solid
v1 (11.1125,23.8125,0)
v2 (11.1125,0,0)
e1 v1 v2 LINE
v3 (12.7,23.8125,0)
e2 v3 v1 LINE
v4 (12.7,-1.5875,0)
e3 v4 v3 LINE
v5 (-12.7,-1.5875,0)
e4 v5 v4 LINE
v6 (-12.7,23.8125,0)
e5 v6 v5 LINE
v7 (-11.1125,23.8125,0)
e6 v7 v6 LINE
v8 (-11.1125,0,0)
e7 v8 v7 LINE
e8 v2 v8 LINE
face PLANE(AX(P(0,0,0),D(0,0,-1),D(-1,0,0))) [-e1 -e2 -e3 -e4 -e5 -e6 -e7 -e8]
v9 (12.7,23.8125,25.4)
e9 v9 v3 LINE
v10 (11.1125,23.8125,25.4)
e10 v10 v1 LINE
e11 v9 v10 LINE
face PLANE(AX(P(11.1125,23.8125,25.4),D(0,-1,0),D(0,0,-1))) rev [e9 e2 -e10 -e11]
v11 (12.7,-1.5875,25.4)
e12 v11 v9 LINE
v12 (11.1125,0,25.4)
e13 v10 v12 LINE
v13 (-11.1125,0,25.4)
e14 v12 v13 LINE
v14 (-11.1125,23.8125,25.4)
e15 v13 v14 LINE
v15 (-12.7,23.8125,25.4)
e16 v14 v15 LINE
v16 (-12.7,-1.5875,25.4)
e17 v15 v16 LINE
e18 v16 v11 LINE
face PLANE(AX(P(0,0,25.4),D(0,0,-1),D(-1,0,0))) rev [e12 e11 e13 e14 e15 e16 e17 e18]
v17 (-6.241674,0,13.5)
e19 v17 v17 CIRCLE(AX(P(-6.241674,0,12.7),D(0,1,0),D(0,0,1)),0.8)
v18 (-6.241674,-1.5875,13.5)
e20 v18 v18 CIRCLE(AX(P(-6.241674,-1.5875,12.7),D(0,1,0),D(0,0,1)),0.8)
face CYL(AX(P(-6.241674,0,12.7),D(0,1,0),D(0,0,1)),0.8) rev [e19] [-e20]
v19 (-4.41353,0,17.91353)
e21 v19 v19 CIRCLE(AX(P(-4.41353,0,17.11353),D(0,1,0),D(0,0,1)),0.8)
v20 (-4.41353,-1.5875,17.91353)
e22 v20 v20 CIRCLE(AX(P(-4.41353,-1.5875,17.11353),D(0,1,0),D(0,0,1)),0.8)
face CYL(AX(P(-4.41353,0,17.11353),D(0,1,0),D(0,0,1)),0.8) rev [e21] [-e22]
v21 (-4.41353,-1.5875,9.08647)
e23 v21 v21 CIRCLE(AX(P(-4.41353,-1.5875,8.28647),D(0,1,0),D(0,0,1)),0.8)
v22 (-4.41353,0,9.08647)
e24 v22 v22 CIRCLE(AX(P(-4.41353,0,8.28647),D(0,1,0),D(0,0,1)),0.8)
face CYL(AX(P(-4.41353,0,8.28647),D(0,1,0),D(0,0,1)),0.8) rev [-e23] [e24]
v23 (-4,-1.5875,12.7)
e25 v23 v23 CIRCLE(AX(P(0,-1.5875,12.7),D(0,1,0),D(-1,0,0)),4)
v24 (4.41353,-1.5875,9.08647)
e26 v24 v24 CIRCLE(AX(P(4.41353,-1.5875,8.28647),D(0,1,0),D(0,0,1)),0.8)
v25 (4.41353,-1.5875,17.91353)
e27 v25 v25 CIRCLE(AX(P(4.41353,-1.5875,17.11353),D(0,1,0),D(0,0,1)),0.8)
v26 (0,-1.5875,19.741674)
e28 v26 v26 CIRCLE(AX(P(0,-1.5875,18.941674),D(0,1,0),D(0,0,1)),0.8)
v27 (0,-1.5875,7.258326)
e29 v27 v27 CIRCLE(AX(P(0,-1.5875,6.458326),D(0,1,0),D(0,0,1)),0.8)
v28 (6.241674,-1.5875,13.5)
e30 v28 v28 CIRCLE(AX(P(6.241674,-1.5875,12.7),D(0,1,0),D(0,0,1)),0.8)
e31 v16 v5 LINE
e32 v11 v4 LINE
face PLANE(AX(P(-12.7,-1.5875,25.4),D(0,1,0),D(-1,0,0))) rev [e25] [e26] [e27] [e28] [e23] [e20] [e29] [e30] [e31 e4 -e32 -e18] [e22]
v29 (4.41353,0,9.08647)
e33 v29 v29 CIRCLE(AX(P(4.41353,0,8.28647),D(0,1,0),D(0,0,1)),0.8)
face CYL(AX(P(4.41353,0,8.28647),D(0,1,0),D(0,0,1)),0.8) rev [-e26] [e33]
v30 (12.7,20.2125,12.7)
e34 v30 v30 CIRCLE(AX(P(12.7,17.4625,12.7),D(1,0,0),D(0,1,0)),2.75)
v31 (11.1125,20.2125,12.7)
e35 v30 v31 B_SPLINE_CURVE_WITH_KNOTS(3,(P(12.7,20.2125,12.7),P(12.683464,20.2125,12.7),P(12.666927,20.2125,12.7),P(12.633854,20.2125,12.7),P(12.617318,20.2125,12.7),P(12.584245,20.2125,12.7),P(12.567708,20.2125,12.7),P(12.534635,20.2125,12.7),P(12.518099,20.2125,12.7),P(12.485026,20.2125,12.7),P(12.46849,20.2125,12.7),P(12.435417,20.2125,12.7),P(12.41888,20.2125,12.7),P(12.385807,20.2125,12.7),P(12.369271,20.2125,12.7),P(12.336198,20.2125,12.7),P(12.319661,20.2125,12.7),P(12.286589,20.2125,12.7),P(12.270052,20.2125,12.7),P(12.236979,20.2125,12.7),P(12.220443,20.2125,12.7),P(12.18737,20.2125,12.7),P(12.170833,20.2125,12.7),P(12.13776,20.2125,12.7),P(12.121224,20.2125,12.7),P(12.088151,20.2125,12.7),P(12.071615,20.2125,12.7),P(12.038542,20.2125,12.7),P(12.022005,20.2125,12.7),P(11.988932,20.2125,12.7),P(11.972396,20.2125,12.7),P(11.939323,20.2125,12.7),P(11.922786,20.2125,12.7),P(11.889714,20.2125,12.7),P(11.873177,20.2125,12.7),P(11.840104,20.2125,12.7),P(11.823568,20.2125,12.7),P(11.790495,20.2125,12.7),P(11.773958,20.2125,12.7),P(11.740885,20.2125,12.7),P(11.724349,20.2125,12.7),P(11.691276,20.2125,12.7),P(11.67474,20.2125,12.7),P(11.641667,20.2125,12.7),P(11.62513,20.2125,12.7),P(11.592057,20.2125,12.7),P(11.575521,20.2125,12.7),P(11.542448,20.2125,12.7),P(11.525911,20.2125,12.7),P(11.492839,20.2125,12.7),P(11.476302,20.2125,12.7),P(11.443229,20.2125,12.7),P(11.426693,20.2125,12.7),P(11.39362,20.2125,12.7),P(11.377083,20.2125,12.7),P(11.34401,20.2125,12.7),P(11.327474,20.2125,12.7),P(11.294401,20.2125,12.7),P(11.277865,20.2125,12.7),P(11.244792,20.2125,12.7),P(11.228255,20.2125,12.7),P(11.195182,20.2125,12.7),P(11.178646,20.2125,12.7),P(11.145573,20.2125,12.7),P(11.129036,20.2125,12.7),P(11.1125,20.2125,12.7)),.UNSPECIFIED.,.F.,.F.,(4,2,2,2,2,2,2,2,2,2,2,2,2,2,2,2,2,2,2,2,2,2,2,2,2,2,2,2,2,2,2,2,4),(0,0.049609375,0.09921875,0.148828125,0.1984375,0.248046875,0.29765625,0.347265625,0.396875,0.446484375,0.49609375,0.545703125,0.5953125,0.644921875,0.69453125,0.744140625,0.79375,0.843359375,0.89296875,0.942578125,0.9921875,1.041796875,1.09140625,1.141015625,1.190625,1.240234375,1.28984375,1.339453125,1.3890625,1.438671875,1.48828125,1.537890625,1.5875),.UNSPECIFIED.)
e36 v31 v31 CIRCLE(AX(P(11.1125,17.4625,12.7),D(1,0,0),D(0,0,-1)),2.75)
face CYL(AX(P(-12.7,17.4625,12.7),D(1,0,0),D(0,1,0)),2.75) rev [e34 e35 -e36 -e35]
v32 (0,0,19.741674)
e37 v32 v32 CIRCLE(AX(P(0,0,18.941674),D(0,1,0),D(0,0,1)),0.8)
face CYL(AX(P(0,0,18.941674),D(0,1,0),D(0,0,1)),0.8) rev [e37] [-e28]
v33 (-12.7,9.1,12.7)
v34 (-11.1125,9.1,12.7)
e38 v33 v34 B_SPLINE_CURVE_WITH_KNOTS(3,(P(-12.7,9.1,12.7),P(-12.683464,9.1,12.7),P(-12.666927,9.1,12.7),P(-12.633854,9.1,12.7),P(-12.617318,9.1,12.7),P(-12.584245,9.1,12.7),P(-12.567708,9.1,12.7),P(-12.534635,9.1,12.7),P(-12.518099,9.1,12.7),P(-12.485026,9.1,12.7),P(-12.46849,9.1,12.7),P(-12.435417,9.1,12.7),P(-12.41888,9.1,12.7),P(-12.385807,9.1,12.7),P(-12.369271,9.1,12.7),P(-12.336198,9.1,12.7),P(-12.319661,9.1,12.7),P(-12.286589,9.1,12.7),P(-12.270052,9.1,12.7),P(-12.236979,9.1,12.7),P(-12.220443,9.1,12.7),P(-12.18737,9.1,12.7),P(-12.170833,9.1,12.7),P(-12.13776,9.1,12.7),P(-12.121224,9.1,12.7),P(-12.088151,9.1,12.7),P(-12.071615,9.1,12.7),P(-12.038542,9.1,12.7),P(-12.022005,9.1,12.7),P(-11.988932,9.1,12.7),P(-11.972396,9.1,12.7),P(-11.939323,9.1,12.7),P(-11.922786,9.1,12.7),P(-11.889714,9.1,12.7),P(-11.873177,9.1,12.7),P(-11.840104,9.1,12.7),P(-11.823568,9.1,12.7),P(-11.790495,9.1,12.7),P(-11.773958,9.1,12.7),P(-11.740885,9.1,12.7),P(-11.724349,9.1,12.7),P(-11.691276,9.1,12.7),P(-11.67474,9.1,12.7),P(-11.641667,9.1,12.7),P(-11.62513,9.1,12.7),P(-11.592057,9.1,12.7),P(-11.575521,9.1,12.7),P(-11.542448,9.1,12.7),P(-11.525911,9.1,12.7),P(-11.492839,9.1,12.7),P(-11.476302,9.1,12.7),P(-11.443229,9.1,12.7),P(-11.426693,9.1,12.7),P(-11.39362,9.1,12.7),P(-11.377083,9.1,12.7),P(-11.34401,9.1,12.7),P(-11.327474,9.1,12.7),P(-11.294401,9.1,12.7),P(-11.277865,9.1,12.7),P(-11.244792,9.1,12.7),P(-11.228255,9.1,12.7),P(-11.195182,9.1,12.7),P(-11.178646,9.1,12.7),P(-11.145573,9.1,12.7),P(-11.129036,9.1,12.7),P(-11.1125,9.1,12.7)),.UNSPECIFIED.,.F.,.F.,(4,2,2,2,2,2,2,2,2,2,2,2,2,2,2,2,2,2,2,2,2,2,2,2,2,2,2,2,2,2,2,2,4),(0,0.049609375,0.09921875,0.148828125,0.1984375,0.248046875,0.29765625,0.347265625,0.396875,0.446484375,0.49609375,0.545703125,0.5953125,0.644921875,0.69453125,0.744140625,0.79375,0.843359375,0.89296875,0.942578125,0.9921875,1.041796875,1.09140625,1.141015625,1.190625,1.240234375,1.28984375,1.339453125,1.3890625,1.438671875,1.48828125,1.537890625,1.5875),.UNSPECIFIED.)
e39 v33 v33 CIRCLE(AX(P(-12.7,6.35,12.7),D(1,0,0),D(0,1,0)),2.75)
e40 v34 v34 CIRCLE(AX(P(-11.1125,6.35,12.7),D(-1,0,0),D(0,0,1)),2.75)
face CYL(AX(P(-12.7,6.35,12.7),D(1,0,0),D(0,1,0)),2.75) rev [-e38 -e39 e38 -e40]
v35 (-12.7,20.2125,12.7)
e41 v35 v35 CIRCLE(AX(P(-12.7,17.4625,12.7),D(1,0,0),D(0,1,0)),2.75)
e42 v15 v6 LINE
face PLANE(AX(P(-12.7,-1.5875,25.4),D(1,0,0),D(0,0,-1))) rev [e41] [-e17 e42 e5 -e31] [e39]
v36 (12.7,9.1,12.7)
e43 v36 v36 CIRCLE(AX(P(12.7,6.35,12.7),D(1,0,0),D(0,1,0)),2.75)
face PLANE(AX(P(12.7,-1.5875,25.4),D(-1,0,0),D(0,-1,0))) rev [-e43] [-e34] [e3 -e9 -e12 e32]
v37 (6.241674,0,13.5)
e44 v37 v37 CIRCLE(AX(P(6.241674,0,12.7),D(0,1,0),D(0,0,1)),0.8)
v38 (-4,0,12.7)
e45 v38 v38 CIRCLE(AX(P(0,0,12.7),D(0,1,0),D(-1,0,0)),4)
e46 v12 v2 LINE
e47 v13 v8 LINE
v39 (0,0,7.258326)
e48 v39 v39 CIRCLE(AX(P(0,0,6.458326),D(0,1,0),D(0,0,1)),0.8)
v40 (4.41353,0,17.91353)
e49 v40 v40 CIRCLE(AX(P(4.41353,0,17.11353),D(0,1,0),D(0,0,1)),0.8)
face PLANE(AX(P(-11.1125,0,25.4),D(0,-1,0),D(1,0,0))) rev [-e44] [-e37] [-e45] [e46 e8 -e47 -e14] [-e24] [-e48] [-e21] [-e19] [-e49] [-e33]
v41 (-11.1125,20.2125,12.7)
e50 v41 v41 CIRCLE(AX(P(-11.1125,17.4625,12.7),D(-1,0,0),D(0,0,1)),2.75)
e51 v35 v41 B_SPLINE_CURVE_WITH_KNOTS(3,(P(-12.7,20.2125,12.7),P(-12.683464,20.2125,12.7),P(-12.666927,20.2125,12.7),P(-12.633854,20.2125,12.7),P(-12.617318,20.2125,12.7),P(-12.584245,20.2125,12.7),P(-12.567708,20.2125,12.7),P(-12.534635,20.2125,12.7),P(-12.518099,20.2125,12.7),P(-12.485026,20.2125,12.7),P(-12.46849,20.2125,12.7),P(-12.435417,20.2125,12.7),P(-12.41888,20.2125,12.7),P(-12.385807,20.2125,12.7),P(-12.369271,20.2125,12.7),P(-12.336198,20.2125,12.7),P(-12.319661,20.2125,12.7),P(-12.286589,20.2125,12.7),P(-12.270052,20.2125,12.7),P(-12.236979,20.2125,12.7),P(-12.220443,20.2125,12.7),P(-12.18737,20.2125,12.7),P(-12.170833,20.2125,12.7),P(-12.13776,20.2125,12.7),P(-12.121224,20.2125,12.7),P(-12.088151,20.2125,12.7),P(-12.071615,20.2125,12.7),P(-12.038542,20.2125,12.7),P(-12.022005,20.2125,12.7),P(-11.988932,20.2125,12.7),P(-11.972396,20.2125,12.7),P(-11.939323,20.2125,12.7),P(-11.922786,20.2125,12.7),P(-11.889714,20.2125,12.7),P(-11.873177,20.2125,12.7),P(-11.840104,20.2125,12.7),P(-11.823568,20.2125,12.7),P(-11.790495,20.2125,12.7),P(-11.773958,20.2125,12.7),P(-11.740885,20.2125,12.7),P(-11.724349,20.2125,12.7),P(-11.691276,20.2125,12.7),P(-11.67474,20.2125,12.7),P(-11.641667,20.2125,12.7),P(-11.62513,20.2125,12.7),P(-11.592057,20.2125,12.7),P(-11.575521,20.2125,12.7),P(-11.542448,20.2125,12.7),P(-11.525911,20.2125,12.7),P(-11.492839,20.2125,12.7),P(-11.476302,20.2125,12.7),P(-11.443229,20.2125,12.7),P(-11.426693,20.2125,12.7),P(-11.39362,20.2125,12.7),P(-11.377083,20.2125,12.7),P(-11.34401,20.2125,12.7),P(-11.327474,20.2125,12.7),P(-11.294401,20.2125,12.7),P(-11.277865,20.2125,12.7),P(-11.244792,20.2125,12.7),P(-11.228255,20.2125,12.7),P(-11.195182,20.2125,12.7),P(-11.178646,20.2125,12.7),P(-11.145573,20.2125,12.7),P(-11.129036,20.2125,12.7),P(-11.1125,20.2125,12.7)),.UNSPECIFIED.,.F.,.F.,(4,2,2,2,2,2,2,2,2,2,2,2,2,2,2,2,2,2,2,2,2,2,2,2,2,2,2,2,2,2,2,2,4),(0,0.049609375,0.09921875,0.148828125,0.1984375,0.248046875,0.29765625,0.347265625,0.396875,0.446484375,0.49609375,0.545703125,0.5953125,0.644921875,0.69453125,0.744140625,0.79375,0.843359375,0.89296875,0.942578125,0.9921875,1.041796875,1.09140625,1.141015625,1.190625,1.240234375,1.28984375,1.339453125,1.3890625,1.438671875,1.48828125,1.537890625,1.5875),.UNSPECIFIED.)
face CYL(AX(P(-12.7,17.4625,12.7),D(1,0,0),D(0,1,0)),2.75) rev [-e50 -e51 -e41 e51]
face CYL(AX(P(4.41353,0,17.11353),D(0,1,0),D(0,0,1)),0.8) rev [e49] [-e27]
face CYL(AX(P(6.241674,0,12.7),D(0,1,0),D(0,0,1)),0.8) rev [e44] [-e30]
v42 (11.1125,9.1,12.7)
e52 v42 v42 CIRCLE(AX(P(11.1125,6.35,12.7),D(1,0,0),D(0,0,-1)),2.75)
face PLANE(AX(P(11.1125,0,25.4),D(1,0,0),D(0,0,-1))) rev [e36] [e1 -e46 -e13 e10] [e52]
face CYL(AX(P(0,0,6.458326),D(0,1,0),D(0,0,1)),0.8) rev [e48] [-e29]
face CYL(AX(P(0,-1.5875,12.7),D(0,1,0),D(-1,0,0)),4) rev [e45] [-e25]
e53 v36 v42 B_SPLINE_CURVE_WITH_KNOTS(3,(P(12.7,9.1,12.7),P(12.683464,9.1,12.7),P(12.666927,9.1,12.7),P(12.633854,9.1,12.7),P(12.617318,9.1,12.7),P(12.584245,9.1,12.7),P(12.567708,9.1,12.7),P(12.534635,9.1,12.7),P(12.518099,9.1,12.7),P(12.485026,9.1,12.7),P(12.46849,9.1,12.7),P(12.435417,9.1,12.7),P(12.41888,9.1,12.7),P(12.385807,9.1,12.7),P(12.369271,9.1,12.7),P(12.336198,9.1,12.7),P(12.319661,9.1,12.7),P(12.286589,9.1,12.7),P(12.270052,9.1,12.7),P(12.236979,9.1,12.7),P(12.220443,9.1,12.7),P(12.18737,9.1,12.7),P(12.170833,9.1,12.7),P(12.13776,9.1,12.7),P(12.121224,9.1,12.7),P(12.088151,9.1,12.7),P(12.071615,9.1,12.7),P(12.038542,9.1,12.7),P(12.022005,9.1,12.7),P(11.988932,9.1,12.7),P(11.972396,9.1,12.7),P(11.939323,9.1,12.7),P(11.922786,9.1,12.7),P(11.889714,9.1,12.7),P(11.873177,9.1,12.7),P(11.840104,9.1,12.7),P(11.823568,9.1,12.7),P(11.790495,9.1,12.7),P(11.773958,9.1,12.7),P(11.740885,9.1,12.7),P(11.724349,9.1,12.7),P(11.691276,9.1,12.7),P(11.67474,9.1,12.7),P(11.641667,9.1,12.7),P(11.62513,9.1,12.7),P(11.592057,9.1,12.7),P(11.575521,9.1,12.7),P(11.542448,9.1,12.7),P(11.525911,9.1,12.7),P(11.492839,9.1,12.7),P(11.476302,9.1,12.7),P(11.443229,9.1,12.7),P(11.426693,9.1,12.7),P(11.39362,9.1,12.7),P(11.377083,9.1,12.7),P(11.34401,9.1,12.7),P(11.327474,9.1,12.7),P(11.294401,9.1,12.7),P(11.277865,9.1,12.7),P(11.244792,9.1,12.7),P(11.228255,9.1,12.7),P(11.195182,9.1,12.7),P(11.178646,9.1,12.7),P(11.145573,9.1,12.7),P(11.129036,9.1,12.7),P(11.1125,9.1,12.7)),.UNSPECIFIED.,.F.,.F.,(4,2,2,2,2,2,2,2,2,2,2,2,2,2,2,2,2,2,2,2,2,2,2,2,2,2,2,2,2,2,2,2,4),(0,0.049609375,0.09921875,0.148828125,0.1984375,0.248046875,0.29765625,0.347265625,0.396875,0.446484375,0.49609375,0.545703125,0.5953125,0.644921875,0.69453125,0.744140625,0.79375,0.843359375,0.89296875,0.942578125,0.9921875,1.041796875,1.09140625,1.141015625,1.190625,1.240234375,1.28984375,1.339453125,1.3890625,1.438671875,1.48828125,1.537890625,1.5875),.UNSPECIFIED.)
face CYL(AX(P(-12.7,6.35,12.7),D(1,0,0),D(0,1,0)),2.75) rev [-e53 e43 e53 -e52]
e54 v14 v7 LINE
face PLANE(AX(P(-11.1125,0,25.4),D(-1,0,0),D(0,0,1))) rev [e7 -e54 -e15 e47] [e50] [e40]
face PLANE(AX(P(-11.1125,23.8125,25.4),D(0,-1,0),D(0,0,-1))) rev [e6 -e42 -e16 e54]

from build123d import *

# Parameters (mm, degrees)
BOSS_EXTRUDE1_DEPTH   = 25.4
SKETCH2_R             = 2.75
CUT_EXTRUDE1_DEPTH    = 44.097043475
SKETCH3_R             = 4
CUT_EXTRUDE2_DEPTH    = 38.060560658
M2X0_4_TAPPED_HOLE1_D = 1.6


with BuildPart() as part:
    # Sketch1 → Boss-Extrude1 (new body)
    with BuildSketch(Plane.XY):
        Polygon((-11.1125, 0), (11.1125, 0), (11.1125, 23.8125), (12.7, 23.8125), (12.7, -1.5875), (-12.7, -1.5875), (-12.7, 23.8125), (-11.1125, 23.8125), align=None)
    extrude(amount=BOSS_EXTRUDE1_DEPTH)

    # Sketch2 → Cut-Extrude1 (cut, through all)
    with BuildSketch(Plane(origin=(12.7, 0, 0), x_dir=(0, 0, -1), z_dir=(1, 0, 0))):
        with Locations(Location((-12.7, 17.4625, 0), (0, 0, 90))):
            Circle(SKETCH2_R)
        with Locations(Location((-12.7, 6.35, 0), (0, 0, 90))):
            Circle(SKETCH2_R)
    extrude(amount=-CUT_EXTRUDE1_DEPTH, mode=Mode.SUBTRACT)

    # Sketch3 → Cut-Extrude2 (cut, through all)
    with BuildSketch(Plane(origin=(0, 0, 0), x_dir=(1, 0, 0), z_dir=(0, 1, 0))):
        with Locations(Location((0, -12.7, 0), (0, 0, 180))):
            Circle(SKETCH3_R)
    extrude(amount=-CUT_EXTRUDE2_DEPTH, mode=Mode.SUBTRACT)

    # M2x0.4 Tapped Hole1 (through all)
    with Locations(Plane(origin=(0, 0, 0), x_dir=(1, 0, 0), z_dir=(0, 1, 0))):
        with Locations((0, -6.458326036), (4.413529986, -8.286470014), (6.241673964, -12.7), (4.413529986, -17.113529986), (0, -18.941673964), (-4.413529986, -17.113529986), (-6.241673964, -12.7), (-4.413529986, -8.286470014)):
            Hole(M2X0_4_TAPPED_HOLE1_D / 2)


solid = part.part
